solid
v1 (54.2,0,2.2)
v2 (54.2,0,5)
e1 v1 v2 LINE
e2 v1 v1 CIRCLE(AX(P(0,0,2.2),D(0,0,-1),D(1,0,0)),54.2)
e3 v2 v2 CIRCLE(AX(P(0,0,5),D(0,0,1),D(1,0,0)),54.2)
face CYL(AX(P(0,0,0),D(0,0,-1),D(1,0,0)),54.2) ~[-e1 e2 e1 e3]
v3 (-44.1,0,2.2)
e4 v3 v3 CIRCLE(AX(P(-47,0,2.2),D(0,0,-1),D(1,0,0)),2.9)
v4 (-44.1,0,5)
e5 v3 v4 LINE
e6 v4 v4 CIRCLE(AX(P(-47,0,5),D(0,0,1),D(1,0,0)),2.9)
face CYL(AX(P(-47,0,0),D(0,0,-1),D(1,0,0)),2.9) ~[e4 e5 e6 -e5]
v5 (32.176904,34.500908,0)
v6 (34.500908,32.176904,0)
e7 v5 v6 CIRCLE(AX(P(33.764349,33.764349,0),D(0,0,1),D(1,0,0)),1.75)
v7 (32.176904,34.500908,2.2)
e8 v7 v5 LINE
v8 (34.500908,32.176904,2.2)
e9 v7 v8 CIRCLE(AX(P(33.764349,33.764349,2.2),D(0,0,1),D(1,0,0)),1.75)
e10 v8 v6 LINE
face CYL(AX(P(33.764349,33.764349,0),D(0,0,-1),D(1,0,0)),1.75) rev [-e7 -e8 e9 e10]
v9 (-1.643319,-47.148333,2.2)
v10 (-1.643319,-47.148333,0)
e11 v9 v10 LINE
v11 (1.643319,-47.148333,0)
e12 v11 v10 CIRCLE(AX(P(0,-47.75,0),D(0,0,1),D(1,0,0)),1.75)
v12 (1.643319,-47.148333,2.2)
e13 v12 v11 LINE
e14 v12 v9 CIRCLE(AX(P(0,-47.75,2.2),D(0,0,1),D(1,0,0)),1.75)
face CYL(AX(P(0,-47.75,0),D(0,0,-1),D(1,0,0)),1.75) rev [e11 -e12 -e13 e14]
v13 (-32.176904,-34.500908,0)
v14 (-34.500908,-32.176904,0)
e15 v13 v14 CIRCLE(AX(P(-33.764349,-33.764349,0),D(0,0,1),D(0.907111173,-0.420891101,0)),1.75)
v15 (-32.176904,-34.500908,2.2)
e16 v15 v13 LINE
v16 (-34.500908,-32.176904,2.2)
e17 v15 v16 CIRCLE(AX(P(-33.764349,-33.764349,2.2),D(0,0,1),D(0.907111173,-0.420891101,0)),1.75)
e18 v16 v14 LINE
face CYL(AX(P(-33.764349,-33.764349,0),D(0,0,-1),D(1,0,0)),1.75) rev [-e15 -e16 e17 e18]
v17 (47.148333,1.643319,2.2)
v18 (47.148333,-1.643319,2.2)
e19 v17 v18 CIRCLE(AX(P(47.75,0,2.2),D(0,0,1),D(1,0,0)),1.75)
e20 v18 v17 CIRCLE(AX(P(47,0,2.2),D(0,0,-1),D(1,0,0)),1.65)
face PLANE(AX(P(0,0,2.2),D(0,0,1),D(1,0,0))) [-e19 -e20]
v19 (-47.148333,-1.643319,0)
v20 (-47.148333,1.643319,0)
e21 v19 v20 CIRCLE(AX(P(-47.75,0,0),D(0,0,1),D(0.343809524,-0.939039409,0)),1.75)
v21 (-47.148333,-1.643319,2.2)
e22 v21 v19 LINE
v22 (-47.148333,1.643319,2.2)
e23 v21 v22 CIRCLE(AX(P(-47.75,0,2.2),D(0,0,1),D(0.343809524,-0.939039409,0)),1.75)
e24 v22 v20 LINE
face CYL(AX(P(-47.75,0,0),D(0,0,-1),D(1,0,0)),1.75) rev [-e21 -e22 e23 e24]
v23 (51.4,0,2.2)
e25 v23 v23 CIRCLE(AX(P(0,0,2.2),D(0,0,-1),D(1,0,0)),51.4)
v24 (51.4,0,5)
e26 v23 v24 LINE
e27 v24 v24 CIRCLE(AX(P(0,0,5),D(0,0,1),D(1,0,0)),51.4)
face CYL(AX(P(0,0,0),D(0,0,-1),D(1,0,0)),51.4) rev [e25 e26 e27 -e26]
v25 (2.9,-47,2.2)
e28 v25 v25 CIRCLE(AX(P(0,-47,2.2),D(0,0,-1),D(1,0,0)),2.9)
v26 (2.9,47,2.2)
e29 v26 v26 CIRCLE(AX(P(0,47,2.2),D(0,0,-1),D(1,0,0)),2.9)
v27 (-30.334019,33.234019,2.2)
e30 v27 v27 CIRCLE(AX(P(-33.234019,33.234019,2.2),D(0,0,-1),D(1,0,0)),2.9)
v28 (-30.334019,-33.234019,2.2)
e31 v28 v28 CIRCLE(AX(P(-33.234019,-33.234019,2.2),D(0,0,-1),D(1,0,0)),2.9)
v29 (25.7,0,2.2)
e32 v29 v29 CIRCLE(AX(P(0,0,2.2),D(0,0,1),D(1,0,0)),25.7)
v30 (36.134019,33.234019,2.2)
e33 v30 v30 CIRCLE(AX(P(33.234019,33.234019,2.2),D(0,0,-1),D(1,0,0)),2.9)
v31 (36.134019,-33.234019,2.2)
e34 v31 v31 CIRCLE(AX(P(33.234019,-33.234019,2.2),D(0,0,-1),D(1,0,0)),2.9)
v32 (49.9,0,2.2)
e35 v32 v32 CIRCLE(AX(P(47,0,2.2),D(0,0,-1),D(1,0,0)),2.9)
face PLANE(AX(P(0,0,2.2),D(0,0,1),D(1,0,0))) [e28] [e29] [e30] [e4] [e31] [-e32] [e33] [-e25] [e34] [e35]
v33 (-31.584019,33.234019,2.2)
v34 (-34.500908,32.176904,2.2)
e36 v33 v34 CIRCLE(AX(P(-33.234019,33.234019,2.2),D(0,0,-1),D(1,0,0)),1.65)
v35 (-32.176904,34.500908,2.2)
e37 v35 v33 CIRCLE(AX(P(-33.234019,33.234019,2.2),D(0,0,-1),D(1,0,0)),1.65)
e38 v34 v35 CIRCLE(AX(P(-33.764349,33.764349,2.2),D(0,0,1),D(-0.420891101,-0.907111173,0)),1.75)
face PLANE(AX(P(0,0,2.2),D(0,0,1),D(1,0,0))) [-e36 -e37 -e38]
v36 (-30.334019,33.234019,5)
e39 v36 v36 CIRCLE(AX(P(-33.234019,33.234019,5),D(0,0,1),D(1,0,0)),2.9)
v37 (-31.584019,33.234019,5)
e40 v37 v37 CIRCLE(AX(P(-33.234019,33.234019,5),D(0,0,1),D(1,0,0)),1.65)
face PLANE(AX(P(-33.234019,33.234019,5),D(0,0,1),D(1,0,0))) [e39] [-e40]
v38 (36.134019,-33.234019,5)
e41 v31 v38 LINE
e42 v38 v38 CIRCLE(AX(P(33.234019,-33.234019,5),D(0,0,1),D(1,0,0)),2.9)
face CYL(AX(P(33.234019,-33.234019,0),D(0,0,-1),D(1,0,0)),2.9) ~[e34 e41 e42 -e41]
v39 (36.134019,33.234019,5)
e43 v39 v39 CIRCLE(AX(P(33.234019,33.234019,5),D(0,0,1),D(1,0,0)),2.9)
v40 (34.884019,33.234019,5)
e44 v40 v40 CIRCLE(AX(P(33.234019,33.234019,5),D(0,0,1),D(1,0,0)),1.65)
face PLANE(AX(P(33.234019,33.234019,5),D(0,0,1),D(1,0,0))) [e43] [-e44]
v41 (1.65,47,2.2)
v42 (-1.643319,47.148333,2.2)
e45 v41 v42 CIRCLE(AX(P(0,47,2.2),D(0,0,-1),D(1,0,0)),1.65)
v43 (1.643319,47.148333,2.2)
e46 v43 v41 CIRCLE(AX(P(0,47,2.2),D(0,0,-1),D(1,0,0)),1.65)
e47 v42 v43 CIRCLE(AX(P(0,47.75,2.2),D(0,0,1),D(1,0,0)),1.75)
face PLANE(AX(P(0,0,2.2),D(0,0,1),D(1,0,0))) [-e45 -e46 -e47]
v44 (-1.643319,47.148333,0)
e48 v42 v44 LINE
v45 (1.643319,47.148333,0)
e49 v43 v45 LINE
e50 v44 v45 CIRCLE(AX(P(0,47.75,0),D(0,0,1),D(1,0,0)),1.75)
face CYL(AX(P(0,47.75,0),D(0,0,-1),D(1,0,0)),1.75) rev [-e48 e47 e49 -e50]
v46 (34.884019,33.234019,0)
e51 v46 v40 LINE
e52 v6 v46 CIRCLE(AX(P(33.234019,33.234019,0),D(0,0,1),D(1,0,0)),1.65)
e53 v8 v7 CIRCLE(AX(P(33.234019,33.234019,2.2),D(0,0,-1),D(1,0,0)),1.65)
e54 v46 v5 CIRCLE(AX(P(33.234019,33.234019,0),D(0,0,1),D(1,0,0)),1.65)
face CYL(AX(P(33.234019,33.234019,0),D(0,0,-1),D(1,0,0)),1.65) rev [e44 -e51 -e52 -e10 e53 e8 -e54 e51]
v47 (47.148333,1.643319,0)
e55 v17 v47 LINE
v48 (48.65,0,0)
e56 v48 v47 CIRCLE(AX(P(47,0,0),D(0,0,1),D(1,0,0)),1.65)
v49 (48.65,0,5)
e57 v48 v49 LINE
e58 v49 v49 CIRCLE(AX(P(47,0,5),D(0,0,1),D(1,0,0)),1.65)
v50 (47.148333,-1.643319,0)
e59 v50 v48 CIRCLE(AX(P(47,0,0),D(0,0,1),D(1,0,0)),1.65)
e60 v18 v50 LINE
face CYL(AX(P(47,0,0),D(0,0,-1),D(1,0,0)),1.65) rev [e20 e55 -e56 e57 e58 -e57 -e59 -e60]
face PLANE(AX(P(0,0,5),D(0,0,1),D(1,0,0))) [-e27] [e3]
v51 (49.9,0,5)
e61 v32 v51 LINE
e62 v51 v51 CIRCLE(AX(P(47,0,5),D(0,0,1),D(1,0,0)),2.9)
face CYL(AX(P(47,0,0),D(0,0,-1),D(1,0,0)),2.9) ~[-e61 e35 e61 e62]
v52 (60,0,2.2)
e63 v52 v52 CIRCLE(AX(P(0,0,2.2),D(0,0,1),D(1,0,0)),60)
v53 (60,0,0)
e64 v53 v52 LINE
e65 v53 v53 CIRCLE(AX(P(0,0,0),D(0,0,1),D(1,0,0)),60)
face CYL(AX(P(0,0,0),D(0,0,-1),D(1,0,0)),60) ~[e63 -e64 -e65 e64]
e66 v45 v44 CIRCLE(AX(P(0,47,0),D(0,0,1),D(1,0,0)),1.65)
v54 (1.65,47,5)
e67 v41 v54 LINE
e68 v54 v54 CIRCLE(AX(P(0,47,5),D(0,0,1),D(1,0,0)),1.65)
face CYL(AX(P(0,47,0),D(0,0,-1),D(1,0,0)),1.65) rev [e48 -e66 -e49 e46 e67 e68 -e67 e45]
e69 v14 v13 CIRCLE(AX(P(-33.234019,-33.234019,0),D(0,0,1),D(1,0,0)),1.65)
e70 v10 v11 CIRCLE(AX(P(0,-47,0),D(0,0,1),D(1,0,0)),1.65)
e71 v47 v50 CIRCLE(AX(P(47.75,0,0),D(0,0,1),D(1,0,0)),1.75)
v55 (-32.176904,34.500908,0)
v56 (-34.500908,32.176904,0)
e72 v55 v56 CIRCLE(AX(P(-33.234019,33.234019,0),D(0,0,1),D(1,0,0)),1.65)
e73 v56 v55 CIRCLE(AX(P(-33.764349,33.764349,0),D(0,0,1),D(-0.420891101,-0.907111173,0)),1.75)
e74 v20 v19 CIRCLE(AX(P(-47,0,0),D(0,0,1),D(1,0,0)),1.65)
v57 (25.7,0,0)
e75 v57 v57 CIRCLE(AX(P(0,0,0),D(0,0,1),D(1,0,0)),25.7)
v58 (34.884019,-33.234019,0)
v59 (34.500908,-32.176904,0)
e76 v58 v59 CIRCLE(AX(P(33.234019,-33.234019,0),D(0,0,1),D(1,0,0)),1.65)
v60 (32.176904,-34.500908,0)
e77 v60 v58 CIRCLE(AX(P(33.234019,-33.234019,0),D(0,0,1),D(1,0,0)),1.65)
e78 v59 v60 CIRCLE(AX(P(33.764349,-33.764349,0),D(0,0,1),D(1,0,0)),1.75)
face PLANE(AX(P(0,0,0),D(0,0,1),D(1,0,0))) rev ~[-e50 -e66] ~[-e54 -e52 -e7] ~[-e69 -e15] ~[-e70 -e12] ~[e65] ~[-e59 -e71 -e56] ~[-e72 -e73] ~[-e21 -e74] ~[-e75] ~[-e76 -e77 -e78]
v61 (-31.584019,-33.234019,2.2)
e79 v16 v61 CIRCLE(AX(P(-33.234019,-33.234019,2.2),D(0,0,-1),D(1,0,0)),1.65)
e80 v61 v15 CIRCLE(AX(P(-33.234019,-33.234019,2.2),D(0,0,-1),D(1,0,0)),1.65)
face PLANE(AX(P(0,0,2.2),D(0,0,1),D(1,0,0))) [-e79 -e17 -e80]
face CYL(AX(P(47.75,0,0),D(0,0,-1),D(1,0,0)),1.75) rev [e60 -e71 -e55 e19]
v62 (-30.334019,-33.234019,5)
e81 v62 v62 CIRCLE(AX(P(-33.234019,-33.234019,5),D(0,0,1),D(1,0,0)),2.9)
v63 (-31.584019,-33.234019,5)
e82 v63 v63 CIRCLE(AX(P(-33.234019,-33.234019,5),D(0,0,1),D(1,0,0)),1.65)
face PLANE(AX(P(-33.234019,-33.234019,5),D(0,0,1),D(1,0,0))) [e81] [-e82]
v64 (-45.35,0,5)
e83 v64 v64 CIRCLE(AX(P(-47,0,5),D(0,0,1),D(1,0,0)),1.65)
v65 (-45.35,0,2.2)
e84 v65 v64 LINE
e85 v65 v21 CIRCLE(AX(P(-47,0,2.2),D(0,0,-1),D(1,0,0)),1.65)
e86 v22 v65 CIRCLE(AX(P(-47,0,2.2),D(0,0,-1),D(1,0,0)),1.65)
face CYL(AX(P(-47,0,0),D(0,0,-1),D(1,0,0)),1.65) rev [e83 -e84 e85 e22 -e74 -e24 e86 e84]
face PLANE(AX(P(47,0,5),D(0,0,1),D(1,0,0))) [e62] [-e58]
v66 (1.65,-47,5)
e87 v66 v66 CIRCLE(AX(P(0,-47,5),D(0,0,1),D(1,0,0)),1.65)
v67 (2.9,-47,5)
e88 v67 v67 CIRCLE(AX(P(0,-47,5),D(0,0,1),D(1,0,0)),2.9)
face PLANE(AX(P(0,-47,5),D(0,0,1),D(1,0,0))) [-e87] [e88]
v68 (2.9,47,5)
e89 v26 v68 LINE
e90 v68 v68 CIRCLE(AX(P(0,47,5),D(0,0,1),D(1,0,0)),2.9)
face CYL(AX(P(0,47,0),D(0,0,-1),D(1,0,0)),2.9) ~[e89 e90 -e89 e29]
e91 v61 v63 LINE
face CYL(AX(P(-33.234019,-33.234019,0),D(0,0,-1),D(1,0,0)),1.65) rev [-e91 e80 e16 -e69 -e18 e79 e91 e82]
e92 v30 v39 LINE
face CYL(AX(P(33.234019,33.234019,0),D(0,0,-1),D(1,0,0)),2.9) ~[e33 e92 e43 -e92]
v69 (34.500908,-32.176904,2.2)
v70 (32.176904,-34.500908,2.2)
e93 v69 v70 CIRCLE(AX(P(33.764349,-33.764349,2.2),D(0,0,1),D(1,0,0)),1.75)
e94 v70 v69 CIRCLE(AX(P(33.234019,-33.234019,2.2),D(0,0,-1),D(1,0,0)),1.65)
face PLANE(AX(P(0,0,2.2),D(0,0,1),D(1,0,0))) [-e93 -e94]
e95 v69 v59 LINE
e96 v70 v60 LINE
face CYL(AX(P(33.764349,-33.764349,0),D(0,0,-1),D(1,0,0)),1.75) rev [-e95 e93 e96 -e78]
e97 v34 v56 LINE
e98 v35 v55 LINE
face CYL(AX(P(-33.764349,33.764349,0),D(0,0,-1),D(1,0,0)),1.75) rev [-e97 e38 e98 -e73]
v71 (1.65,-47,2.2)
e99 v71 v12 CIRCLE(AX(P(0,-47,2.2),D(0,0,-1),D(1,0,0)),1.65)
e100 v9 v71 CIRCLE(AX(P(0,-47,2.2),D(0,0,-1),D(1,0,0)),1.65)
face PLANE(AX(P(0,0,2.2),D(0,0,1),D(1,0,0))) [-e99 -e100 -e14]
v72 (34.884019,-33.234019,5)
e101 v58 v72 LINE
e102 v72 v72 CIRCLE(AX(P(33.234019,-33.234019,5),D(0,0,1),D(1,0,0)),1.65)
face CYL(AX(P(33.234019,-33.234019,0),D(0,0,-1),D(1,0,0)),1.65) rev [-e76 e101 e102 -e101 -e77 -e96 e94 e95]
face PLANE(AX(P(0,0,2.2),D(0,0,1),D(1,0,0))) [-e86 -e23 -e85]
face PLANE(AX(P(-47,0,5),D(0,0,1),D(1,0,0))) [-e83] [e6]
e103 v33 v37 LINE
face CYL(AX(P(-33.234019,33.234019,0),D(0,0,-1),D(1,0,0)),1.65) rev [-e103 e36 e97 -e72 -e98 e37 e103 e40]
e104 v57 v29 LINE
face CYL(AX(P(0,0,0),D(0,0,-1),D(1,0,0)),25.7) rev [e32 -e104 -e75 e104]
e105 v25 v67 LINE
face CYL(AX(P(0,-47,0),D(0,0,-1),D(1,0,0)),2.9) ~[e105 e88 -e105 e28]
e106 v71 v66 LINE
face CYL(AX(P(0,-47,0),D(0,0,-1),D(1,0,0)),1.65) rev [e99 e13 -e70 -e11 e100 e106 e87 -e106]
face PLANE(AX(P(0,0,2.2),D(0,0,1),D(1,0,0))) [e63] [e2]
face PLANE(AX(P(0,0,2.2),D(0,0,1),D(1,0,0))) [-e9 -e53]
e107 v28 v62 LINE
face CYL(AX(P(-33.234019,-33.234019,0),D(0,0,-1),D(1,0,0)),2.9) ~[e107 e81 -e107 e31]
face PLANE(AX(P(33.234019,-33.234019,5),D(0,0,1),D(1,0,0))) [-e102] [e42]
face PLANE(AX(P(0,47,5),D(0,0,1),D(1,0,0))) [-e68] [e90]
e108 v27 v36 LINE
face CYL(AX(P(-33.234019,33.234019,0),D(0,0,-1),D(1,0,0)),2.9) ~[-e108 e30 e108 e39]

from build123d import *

# Parameters (mm, degrees)
SKETCH_R      = 60
SKETCH_R_2    = 25.7
SKETCH_R_3    = 1.75
PAD_DEPTH     = 2.2
SKETCH001_R   = 54.2
SKETCH001_R_2 = 51.4
SKETCH001_R_3 = 2.9
SKETCH001_R_4 = 1.65
PAD001_DEPTH  = 5


with BuildPart() as part:
    # Sketch → Pad (new body)
    with BuildSketch(Plane.XY):
        Circle(SKETCH_R)
        Circle(SKETCH_R_2, mode=Mode.SUBTRACT)
        with Locations((0, 47.75)):
            Circle(SKETCH_R_3, mode=Mode.SUBTRACT)
        with Locations((33.764349, 33.764349)):
            Circle(SKETCH_R_3, mode=Mode.SUBTRACT)
        with Locations((47.75, 0)):
            Circle(SKETCH_R_3, mode=Mode.SUBTRACT)
        with Locations((33.764349, -33.764349)):
            Circle(SKETCH_R_3, mode=Mode.SUBTRACT)
        with Locations((0, -47.75)):
            Circle(SKETCH_R_3, mode=Mode.SUBTRACT)
        with Locations((-33.764349, -33.764349)):
            Circle(SKETCH_R_3, mode=Mode.SUBTRACT)
        with Locations((-47.75, 0)):
            Circle(SKETCH_R_3, mode=Mode.SUBTRACT)
        with Locations((-33.764349, 33.764349)):
            Circle(SKETCH_R_3, mode=Mode.SUBTRACT)
    extrude(amount=PAD_DEPTH)

    # Sketch001 → Pad001 (join)
    with BuildSketch(Plane.XY):
        Circle(SKETCH001_R)
        Circle(SKETCH001_R_2, mode=Mode.SUBTRACT)
        with Locations((0, 47)):
            Circle(SKETCH001_R_3)
        with Locations((0, 47)):
            Circle(SKETCH001_R_4, mode=Mode.SUBTRACT)
        with Locations((33.234019, 33.234019)):
            Circle(SKETCH001_R_3)
        with Locations((33.234019, 33.234019)):
            Circle(SKETCH001_R_4, mode=Mode.SUBTRACT)
        with Locations((47, 0)):
            Circle(SKETCH001_R_3)
        with Locations((47, 0)):
            Circle(SKETCH001_R_4, mode=Mode.SUBTRACT)
        with Locations((33.234019, -33.234019)):
            Circle(SKETCH001_R_3)
        with Locations((33.234019, -33.234019)):
            Circle(SKETCH001_R_4, mode=Mode.SUBTRACT)
        with Locations((0, -47)):
            Circle(SKETCH001_R_3)
        with Locations((0, -47)):
            Circle(SKETCH001_R_4, mode=Mode.SUBTRACT)
        with Locations((-33.234019, -33.234019)):
            Circle(SKETCH001_R_3)
        with Locations((-33.234019, -33.234019)):
            Circle(SKETCH001_R_4, mode=Mode.SUBTRACT)
        with Locations((-47, 0)):
            Circle(SKETCH001_R_3)
        with Locations((-47, 0)):
            Circle(SKETCH001_R_4, mode=Mode.SUBTRACT)
        with Locations((-33.234019, 33.234019)):
            Circle(SKETCH001_R_3)
        with Locations((-33.234019, 33.234019)):
            Circle(SKETCH001_R_4, mode=Mode.SUBTRACT)
    extrude(amount=PAD001_DEPTH)


solid = part.part
